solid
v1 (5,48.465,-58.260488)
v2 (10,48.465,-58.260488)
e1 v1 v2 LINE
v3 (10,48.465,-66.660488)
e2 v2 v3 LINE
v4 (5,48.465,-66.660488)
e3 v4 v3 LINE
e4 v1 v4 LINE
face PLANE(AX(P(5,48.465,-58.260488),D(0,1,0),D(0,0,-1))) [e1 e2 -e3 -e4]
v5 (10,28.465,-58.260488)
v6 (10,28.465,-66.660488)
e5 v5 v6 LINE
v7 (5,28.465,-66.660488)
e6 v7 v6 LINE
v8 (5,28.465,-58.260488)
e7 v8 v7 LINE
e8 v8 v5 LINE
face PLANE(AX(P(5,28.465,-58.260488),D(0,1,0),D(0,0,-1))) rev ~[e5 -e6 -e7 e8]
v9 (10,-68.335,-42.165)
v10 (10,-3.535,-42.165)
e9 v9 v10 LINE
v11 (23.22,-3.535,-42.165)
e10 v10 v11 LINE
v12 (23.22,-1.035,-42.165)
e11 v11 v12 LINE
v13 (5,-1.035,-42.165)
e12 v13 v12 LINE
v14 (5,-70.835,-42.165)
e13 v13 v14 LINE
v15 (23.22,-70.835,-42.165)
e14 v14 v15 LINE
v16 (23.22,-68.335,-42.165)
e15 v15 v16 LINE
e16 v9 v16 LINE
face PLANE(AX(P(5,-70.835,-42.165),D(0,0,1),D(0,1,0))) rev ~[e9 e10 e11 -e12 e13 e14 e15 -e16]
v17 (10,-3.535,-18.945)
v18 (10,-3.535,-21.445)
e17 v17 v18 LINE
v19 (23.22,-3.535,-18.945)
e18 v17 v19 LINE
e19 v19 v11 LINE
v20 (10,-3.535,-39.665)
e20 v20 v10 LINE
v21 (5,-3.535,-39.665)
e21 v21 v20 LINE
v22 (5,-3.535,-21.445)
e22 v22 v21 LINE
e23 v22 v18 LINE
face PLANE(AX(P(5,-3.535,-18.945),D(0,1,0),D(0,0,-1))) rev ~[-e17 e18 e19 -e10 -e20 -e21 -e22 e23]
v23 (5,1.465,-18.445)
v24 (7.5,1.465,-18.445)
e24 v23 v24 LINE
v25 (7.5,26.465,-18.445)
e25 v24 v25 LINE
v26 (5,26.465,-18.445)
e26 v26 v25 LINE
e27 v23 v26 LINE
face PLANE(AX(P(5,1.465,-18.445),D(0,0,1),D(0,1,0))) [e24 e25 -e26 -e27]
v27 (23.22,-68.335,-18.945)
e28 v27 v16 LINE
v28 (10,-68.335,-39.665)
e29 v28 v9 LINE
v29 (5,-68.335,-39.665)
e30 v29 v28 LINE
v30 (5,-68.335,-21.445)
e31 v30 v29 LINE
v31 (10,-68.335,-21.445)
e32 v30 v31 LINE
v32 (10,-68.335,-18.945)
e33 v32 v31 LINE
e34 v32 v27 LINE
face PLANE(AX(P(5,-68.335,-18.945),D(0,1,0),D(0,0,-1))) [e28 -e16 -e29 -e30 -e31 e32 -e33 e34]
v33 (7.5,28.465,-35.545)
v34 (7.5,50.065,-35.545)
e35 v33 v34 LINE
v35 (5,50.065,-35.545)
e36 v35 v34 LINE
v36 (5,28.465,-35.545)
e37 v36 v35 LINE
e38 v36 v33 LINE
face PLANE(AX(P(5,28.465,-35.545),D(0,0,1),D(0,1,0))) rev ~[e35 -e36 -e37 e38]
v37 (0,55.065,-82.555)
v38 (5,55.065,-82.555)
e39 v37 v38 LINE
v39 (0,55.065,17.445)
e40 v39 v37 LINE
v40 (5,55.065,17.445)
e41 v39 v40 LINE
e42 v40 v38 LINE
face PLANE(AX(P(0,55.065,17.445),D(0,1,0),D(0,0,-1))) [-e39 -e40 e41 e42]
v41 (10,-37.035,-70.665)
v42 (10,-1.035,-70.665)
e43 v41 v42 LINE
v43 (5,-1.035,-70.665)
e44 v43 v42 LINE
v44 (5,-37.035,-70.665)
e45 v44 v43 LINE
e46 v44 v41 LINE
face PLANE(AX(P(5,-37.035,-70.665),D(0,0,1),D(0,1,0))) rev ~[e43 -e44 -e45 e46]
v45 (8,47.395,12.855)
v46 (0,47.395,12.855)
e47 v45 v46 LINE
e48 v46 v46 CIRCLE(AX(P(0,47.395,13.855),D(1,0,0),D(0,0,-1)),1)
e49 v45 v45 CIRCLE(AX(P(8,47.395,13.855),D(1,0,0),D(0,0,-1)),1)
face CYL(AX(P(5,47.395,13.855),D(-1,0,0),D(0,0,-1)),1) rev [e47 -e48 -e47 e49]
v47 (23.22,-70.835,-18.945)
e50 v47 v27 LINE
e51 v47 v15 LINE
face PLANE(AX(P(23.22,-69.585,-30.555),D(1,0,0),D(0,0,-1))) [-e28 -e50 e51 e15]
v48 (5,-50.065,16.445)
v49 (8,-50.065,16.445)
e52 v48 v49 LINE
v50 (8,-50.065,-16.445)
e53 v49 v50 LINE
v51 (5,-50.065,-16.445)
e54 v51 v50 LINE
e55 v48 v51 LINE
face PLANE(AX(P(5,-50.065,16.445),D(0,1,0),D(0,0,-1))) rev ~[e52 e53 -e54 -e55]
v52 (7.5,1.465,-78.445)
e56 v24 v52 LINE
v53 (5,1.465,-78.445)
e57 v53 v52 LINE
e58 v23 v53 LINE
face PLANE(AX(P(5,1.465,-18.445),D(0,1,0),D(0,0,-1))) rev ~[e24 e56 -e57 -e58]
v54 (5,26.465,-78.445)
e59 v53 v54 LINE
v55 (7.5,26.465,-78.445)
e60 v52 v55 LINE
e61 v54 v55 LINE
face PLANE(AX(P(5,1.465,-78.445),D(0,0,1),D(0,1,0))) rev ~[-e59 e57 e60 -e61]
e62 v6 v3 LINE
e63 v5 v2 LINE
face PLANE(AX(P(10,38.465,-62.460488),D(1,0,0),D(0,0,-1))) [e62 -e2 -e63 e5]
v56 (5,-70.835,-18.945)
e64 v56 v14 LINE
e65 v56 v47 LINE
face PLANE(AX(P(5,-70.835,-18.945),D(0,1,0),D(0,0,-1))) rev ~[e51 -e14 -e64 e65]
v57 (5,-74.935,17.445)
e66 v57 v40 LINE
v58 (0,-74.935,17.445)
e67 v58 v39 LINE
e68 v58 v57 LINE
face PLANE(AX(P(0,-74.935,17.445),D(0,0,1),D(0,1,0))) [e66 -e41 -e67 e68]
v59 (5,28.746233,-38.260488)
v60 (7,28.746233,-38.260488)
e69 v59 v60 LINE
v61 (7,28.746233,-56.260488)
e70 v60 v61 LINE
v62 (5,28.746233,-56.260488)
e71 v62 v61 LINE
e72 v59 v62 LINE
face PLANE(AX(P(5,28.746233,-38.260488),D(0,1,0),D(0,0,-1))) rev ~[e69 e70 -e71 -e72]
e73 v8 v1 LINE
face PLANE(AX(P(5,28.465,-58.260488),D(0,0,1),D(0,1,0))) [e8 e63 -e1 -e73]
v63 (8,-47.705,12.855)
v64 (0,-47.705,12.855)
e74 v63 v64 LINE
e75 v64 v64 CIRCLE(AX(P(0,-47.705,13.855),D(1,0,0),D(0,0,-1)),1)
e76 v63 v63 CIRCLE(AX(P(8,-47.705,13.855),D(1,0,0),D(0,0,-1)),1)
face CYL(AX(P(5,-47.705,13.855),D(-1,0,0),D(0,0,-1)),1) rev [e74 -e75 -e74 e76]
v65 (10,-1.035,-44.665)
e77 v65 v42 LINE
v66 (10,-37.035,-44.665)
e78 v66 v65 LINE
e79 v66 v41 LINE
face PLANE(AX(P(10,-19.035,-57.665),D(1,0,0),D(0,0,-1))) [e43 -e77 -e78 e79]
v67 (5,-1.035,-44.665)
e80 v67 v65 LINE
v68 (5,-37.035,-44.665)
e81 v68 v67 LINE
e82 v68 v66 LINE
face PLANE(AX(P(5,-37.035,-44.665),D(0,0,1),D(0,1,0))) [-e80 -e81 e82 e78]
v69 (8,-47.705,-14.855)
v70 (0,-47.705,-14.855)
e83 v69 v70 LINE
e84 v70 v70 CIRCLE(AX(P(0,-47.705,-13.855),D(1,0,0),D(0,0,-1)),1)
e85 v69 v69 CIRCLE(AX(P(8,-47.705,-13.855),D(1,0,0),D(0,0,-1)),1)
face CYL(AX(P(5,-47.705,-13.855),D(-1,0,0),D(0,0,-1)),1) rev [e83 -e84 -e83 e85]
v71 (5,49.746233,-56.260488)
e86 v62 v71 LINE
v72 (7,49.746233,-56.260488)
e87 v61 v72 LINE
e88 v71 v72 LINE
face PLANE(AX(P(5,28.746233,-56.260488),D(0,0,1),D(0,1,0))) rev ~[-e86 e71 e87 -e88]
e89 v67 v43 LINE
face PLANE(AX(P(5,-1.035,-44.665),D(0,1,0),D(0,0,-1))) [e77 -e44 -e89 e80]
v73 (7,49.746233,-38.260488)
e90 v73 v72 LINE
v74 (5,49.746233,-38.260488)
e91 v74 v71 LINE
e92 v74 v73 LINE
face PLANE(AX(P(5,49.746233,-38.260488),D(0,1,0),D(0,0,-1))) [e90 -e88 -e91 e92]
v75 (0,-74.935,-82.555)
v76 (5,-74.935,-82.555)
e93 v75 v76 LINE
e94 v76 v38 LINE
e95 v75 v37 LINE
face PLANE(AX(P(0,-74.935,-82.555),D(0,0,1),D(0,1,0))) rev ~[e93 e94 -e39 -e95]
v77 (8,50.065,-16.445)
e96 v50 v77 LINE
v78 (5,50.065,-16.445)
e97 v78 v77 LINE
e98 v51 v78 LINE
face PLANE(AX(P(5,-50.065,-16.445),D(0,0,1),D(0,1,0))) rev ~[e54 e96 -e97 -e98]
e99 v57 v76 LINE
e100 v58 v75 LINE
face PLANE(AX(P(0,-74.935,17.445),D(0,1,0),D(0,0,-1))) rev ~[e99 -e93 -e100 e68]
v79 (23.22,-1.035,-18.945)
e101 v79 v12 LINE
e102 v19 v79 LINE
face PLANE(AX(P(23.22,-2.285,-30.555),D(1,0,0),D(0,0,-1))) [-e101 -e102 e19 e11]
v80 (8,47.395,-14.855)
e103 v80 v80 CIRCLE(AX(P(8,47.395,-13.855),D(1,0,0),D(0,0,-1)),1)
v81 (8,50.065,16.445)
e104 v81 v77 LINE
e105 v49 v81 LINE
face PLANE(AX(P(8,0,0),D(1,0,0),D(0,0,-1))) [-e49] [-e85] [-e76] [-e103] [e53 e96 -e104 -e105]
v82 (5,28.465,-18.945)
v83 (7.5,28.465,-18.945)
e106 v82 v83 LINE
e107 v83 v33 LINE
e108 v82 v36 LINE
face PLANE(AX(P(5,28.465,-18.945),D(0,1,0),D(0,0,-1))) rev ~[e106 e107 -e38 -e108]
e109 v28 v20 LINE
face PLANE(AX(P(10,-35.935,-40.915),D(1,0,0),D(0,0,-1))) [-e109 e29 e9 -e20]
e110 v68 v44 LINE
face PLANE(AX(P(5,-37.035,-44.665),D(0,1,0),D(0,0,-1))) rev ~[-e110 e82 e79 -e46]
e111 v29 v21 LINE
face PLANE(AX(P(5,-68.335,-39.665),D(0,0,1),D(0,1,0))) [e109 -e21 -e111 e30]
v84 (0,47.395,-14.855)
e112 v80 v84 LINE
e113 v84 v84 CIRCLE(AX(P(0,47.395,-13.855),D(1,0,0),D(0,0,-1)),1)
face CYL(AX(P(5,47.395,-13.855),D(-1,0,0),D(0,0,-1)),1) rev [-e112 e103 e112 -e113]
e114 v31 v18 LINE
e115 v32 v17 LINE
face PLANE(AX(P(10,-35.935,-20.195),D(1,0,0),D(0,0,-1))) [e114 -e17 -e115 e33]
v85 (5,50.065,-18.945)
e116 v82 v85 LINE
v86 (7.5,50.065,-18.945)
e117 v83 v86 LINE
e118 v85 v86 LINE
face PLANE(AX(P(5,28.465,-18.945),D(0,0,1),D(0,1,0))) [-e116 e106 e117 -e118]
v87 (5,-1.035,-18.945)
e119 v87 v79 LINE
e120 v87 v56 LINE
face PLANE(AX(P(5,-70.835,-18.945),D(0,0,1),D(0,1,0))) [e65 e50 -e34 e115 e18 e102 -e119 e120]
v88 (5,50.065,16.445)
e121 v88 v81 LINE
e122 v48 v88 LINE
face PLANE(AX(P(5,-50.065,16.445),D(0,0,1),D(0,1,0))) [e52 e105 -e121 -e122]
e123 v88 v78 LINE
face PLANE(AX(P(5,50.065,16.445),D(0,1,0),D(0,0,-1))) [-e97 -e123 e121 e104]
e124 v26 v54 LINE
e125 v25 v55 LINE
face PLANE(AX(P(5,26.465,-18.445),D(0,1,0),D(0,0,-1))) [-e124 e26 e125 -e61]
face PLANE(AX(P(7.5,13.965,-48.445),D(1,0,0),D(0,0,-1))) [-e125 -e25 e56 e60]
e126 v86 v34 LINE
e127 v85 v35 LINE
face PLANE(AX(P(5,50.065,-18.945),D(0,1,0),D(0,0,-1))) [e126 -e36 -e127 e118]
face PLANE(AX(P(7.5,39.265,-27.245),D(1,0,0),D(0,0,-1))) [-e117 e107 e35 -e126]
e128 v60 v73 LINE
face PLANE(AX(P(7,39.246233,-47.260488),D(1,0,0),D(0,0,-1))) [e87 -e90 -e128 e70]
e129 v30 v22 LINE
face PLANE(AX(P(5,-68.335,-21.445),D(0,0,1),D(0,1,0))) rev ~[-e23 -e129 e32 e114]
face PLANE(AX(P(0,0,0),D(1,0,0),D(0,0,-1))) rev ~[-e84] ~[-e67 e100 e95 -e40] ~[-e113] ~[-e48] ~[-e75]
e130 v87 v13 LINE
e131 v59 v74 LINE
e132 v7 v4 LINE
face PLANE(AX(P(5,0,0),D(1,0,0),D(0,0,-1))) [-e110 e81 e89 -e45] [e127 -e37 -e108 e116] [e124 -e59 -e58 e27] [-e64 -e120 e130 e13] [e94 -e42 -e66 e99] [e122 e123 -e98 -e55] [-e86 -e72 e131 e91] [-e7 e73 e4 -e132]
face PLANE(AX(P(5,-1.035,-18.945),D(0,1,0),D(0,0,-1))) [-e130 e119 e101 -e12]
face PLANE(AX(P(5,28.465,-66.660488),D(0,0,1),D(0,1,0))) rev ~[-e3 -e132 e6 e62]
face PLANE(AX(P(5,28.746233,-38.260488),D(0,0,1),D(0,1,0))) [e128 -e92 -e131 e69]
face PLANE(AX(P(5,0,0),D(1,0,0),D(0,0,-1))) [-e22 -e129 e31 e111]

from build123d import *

# Parameters (mm, degrees)
SKETCH1_W            = 100
SKETCH1_H            = 130
SKETCH1_W_2          = 32.89
SKETCH1_H_2          = 100.13
SKETCH1_R            = 1
BOSS_EXTRUDE1_DEPTH  = 5
SKETCH3_W            = 32.89
SKETCH3_H            = 100.13
SKETCH3_R            = 1
BOSS_EXTRUDE3_DEPTH  = 3
SKETCH4_W            = 16.6
SKETCH4_H            = 21.6
BOSS_EXTRUDE4_DEPTH  = 2.5
SKETCH5_W            = 60
SKETCH5_H            = 25
BOSS_EXTRUDE5_DEPTH  = 2.5
SKETCH6_W            = 18
SKETCH6_H            = 21
BOSS_EXTRUDE6_DEPTH  = 2
SKETCH7_W            = 8.4
SKETCH7_H            = 20
BOSS_EXTRUDE7_DEPTH  = 5
SKETCH9_W            = 2.5
SKETCH9_H            = 64.8
BOSS_EXTRUDE8_DEPTH  = 5
SKETCH10_W           = 23.22
SKETCH10_H           = 2.5
BOSS_EXTRUDE9_DEPTH  = 18.22
SKETCH12_W           = 26
SKETCH12_H           = 36
BOSS_EXTRUDE11_DEPTH = 5
SKETCH11_W           = 26
SKETCH11_H           = 36
BOSS_EXTRUDE10_DEPTH = 5


with BuildPart() as part:
    # Sketch1 → Boss-Extrude1 (new body)
    # profile 1 of 2: a face of its own
    with BuildSketch(Plane(origin=(0, 0, 0), x_dir=(0, 0, -1), z_dir=(1, 0, 0))):
        with Locations((32.555, -9.935)):
            Rectangle(SKETCH1_W, SKETCH1_H)
        Rectangle(SKETCH1_W_2, SKETCH1_H_2, mode=Mode.SUBTRACT)
    # profile 2 of 2: a face of its own
    with BuildSketch(Plane(origin=(0, 0, 0), x_dir=(0, 0, -1), z_dir=(1, 0, 0))):
        Rectangle(SKETCH1_W_2, SKETCH1_H_2)
        with Locations((-13.855, -47.705)):
            Circle(SKETCH1_R, mode=Mode.SUBTRACT)
        with Locations((13.855, -47.705)):
            Circle(SKETCH1_R, mode=Mode.SUBTRACT)
        with Locations((13.855, 47.395)):
            Circle(SKETCH1_R, mode=Mode.SUBTRACT)
        with Locations((-13.855, 47.395)):
            Circle(SKETCH1_R, mode=Mode.SUBTRACT)
    extrude(amount=BOSS_EXTRUDE1_DEPTH)

    # Sketch3 → Boss-Extrude3 (add)
    with BuildSketch(Plane(origin=(5, 0, 0), x_dir=(0, 0, -1), z_dir=(1, 0, 0))):
        Rectangle(SKETCH3_W, SKETCH3_H)
        with Locations((-13.855, 47.395)):
            Circle(SKETCH3_R, mode=Mode.SUBTRACT)
        with Locations((13.855, 47.395)):
            Circle(SKETCH3_R, mode=Mode.SUBTRACT)
        with Locations((13.855, -47.705)):
            Circle(SKETCH3_R, mode=Mode.SUBTRACT)
        with Locations((-13.855, -47.705)):
            Circle(SKETCH3_R, mode=Mode.SUBTRACT)
    extrude(amount=BOSS_EXTRUDE3_DEPTH)

    # Sketch4 → Boss-Extrude4 (add)
    with BuildSketch(Plane(origin=(5, 0, 0), x_dir=(0, 0, -1), z_dir=(1, 0, 0))):
        with Locations((27.245, 39.265)):
            Rectangle(SKETCH4_W, SKETCH4_H)
    extrude(amount=BOSS_EXTRUDE4_DEPTH)

    # Sketch5 → Boss-Extrude5 (add)
    with BuildSketch(Plane(origin=(5, 0, 0), x_dir=(0, 0, -1), z_dir=(1, 0, 0))):
        with Locations((48.445, 13.965)):
            Rectangle(SKETCH5_W, SKETCH5_H)
    extrude(amount=BOSS_EXTRUDE5_DEPTH)

    # Sketch6 → Boss-Extrude6 (add)
    with BuildSketch(Plane(origin=(5, 0, 0), x_dir=(0, 0, -1), z_dir=(1, 0, 0))):
        with Locations((47.260487744, 39.246233232)):
            Rectangle(SKETCH6_W, SKETCH6_H)
    extrude(amount=BOSS_EXTRUDE6_DEPTH)

    # Sketch7 → Boss-Extrude7 (add)
    with BuildSketch(Plane(origin=(5, 0, 0), x_dir=(0, 0, -1), z_dir=(1, 0, 0))):
        with Locations((62.460487744, 38.465)):
            Rectangle(SKETCH7_W, SKETCH7_H)
    extrude(amount=BOSS_EXTRUDE7_DEPTH)

    # Sketch9 → Boss-Extrude8 (add)
    with BuildSketch(Plane(origin=(5, 0, 0), x_dir=(0, 0, -1), z_dir=(1, 0, 0))):
        with Locations((20.195, -35.935)):
            Rectangle(SKETCH9_W, SKETCH9_H)
        with Locations((40.915, -35.935)):
            Rectangle(SKETCH9_W, SKETCH9_H)
    extrude(amount=BOSS_EXTRUDE8_DEPTH)

    # Sketch10 → Boss-Extrude9 (add)
    with BuildSketch(Plane(origin=(5, 0, 0), x_dir=(0, 0, -1), z_dir=(1, 0, 0))):
        with Locations((30.555, -69.585)):
            Rectangle(SKETCH10_W, SKETCH10_H)
        with Locations((30.555, -2.285)):
            Rectangle(SKETCH10_W, SKETCH10_H)
    extrude(amount=BOSS_EXTRUDE9_DEPTH)

    # Sketch12 → Boss-Extrude11 (add)
    with BuildSketch(Plane(origin=(5, 0, 0), x_dir=(0, 0, -1), z_dir=(1, 0, 0))):
        with Locations((57.665, -19.035)):
            Rectangle(SKETCH12_W, SKETCH12_H)
    extrude(amount=BOSS_EXTRUDE11_DEPTH)

    # Sketch11 → Boss-Extrude10 (add)
    with BuildSketch(Plane(origin=(5, 0, 0), x_dir=(0, 0, -1), z_dir=(1, 0, 0))):
        with Locations((57.665, -19.035)):
            Rectangle(SKETCH11_W, SKETCH11_H)
    extrude(amount=BOSS_EXTRUDE10_DEPTH)


solid = part.part
